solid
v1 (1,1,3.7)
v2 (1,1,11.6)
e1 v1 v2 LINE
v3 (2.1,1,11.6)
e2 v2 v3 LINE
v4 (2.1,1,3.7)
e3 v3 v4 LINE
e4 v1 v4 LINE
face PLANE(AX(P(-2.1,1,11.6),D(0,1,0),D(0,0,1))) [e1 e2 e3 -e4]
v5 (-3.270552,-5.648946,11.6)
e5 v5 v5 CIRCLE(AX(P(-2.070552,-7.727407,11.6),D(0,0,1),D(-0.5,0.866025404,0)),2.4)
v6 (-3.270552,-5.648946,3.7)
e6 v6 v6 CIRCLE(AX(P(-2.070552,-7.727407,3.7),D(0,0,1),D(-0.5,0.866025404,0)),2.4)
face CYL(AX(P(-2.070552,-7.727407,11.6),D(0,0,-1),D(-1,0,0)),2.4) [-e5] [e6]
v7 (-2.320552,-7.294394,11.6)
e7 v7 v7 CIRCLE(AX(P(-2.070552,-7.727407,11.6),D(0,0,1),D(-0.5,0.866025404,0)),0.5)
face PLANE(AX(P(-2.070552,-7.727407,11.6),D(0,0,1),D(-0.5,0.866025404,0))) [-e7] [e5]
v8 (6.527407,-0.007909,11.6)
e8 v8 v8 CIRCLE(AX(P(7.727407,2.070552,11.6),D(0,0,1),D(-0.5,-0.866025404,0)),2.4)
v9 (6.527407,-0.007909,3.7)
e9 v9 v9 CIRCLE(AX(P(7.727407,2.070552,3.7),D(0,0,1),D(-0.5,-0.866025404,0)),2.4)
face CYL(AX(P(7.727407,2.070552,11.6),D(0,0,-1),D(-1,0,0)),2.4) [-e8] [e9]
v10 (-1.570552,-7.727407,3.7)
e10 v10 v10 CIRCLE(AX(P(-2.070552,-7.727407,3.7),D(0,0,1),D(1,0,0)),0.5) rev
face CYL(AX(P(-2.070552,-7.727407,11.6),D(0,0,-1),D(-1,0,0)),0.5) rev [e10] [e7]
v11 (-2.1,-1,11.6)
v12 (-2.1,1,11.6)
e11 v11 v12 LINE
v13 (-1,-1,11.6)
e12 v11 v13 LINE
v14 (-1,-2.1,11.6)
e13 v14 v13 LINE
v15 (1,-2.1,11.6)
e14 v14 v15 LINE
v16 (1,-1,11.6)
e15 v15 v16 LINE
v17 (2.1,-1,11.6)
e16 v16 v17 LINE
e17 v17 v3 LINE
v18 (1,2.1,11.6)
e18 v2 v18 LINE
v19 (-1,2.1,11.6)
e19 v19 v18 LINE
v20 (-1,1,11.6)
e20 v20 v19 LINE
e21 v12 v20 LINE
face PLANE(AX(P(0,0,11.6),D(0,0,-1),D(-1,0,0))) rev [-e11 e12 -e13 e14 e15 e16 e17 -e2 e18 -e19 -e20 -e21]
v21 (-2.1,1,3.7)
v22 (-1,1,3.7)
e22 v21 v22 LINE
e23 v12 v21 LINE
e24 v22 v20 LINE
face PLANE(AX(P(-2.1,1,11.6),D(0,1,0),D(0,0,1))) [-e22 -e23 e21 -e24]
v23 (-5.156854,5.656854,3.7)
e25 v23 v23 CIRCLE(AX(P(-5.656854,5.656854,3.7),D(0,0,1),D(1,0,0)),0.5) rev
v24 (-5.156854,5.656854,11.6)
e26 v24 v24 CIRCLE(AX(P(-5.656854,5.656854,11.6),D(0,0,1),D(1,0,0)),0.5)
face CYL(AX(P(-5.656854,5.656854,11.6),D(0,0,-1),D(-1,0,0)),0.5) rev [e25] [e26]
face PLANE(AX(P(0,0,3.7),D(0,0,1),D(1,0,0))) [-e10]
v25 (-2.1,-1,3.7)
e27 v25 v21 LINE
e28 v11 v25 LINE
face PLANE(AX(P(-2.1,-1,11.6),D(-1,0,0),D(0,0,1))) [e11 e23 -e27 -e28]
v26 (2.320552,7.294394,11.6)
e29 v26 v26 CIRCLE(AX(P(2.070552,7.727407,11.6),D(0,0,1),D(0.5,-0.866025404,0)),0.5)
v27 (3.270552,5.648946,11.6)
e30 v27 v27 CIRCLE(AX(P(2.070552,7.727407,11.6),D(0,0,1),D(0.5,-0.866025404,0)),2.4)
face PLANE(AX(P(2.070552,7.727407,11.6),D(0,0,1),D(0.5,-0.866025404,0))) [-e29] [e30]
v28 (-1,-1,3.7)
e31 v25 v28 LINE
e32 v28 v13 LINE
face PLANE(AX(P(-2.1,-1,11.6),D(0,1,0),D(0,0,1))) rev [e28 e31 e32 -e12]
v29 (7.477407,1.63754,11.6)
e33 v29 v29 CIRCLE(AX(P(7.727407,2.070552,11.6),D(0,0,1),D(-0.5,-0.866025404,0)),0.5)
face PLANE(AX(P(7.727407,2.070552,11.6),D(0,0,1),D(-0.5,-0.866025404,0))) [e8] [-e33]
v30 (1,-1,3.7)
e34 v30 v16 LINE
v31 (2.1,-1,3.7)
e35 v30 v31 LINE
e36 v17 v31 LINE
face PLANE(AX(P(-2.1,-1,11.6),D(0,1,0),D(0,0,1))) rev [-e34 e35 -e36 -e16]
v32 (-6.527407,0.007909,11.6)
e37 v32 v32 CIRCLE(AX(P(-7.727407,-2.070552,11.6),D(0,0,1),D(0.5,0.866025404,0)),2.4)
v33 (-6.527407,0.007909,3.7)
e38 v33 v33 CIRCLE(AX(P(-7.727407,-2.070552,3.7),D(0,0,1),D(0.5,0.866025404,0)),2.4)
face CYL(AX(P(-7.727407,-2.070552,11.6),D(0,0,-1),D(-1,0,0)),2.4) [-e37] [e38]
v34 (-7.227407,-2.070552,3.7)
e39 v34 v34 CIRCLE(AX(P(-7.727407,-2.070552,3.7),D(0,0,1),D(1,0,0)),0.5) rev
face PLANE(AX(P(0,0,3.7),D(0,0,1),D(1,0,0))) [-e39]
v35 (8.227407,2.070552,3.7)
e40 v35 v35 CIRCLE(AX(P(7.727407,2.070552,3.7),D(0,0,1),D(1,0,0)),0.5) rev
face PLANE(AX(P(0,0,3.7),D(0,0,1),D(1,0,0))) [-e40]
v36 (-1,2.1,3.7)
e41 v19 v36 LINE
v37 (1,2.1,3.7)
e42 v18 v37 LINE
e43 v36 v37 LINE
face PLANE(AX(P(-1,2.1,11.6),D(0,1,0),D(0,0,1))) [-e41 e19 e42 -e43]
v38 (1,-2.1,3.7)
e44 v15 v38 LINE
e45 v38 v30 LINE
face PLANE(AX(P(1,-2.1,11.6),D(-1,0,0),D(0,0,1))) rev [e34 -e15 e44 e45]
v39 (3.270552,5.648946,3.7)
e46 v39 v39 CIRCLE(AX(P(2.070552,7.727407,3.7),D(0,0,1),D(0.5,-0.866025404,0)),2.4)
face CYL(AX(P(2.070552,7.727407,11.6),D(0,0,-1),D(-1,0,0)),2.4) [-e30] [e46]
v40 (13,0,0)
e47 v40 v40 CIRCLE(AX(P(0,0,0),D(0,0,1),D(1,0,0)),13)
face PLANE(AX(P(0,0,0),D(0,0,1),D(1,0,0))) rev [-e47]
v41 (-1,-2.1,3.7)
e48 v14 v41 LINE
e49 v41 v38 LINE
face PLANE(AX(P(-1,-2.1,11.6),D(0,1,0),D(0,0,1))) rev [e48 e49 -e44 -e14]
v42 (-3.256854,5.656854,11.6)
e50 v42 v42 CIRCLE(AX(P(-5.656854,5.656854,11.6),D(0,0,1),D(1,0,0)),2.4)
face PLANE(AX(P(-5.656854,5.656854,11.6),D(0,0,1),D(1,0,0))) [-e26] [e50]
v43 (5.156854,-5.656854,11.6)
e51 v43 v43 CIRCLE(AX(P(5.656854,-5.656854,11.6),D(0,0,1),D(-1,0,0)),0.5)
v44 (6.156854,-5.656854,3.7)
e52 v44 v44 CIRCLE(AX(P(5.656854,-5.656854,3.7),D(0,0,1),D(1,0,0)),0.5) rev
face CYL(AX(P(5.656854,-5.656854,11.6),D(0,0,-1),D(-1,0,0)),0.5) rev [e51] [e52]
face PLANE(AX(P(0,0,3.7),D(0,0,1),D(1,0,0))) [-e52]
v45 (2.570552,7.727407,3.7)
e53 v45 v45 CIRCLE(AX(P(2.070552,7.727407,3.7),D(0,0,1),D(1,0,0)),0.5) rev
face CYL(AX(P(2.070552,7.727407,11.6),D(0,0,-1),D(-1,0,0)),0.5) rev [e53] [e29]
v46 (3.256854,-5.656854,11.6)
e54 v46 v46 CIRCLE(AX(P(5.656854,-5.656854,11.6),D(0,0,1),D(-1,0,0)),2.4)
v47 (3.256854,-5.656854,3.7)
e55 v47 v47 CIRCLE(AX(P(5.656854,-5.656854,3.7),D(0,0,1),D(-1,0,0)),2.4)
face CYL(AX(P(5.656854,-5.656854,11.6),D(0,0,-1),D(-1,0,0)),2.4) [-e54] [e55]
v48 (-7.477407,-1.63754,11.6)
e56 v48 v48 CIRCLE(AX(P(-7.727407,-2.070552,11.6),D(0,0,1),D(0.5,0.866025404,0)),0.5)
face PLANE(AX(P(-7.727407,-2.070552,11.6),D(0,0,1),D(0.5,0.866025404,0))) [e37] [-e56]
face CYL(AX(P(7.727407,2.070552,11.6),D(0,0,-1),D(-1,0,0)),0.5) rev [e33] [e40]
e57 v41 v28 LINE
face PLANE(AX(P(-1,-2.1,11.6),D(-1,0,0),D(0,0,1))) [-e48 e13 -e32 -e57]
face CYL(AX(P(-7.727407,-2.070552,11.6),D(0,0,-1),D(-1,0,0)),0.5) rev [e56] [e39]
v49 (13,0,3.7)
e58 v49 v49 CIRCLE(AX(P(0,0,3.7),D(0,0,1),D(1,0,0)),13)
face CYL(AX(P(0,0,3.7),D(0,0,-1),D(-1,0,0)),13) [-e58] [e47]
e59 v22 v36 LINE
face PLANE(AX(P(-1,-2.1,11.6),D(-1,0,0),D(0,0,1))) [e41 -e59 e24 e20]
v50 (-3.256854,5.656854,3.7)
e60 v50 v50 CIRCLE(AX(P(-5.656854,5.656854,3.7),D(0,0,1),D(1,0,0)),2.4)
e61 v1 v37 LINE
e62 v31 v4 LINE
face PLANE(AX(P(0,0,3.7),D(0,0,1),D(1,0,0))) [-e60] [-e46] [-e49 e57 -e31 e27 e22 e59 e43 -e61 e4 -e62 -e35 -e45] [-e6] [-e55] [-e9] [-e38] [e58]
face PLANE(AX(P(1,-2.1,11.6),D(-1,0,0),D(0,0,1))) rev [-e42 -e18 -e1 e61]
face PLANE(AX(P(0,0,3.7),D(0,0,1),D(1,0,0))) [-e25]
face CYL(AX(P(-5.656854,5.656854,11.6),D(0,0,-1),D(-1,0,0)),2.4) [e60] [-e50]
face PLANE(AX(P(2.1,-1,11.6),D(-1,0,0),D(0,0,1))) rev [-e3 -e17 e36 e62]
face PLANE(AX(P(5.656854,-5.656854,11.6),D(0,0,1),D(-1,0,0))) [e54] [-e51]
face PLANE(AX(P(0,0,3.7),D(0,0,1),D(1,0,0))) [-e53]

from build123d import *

# Parameters (mm, degrees)
SKETCH_1_R               = 13
EXTRUDE_1_DEPTH          = 3.7
SKETCH_2_W               = 2
SKETCH_2_H               = 4.2
SKETCH_2_W_2             = 4.2
SKETCH_2_H_2             = 2
EXTRUDE_2_DEPTH          = 7.9
SKETCH_3_R               = 2.4
SKETCH_3_R_2             = 0.5
EXTRUDE_3_DEPTH          = 7.9
PATTERN_CIRCULAR_1_COUNT = 6


with BuildPart() as part:
    # 草图1 → 凸台-拉伸1 (new body)
    with BuildSketch(Plane.XY):
        Circle(SKETCH_1_R)
    extrude(amount=EXTRUDE_1_DEPTH)

    # 草图2 → 凸台-拉伸2 (add)
    with BuildSketch(Plane.XY.offset(3.7)):
        Rectangle(SKETCH_2_W, SKETCH_2_H)
        Rectangle(SKETCH_2_W_2, SKETCH_2_H_2)
    extrude(amount=EXTRUDE_2_DEPTH)

    # 草图3 → 凸台-拉伸3 (add)
    with BuildSketch(Plane.XY.offset(3.7)):
        with Locations((-5.656854249, 5.656854249)):
            Circle(SKETCH_3_R)
        with Locations((-5.656854249, 5.656854249)):
            Circle(SKETCH_3_R_2, mode=Mode.SUBTRACT)
    extrude_3 = extrude(amount=EXTRUDE_3_DEPTH)

    # 阵列(圆周)1: 凸台-拉伸3 ×6 about axis
    pattern_circular_1_axis = Axis((0, 0, 0), (0, 0, 1))
    for i in range(1, PATTERN_CIRCULAR_1_COUNT):
        add(extrude_3.rotate(pattern_circular_1_axis, i * 360 / PATTERN_CIRCULAR_1_COUNT))


solid = part.part
